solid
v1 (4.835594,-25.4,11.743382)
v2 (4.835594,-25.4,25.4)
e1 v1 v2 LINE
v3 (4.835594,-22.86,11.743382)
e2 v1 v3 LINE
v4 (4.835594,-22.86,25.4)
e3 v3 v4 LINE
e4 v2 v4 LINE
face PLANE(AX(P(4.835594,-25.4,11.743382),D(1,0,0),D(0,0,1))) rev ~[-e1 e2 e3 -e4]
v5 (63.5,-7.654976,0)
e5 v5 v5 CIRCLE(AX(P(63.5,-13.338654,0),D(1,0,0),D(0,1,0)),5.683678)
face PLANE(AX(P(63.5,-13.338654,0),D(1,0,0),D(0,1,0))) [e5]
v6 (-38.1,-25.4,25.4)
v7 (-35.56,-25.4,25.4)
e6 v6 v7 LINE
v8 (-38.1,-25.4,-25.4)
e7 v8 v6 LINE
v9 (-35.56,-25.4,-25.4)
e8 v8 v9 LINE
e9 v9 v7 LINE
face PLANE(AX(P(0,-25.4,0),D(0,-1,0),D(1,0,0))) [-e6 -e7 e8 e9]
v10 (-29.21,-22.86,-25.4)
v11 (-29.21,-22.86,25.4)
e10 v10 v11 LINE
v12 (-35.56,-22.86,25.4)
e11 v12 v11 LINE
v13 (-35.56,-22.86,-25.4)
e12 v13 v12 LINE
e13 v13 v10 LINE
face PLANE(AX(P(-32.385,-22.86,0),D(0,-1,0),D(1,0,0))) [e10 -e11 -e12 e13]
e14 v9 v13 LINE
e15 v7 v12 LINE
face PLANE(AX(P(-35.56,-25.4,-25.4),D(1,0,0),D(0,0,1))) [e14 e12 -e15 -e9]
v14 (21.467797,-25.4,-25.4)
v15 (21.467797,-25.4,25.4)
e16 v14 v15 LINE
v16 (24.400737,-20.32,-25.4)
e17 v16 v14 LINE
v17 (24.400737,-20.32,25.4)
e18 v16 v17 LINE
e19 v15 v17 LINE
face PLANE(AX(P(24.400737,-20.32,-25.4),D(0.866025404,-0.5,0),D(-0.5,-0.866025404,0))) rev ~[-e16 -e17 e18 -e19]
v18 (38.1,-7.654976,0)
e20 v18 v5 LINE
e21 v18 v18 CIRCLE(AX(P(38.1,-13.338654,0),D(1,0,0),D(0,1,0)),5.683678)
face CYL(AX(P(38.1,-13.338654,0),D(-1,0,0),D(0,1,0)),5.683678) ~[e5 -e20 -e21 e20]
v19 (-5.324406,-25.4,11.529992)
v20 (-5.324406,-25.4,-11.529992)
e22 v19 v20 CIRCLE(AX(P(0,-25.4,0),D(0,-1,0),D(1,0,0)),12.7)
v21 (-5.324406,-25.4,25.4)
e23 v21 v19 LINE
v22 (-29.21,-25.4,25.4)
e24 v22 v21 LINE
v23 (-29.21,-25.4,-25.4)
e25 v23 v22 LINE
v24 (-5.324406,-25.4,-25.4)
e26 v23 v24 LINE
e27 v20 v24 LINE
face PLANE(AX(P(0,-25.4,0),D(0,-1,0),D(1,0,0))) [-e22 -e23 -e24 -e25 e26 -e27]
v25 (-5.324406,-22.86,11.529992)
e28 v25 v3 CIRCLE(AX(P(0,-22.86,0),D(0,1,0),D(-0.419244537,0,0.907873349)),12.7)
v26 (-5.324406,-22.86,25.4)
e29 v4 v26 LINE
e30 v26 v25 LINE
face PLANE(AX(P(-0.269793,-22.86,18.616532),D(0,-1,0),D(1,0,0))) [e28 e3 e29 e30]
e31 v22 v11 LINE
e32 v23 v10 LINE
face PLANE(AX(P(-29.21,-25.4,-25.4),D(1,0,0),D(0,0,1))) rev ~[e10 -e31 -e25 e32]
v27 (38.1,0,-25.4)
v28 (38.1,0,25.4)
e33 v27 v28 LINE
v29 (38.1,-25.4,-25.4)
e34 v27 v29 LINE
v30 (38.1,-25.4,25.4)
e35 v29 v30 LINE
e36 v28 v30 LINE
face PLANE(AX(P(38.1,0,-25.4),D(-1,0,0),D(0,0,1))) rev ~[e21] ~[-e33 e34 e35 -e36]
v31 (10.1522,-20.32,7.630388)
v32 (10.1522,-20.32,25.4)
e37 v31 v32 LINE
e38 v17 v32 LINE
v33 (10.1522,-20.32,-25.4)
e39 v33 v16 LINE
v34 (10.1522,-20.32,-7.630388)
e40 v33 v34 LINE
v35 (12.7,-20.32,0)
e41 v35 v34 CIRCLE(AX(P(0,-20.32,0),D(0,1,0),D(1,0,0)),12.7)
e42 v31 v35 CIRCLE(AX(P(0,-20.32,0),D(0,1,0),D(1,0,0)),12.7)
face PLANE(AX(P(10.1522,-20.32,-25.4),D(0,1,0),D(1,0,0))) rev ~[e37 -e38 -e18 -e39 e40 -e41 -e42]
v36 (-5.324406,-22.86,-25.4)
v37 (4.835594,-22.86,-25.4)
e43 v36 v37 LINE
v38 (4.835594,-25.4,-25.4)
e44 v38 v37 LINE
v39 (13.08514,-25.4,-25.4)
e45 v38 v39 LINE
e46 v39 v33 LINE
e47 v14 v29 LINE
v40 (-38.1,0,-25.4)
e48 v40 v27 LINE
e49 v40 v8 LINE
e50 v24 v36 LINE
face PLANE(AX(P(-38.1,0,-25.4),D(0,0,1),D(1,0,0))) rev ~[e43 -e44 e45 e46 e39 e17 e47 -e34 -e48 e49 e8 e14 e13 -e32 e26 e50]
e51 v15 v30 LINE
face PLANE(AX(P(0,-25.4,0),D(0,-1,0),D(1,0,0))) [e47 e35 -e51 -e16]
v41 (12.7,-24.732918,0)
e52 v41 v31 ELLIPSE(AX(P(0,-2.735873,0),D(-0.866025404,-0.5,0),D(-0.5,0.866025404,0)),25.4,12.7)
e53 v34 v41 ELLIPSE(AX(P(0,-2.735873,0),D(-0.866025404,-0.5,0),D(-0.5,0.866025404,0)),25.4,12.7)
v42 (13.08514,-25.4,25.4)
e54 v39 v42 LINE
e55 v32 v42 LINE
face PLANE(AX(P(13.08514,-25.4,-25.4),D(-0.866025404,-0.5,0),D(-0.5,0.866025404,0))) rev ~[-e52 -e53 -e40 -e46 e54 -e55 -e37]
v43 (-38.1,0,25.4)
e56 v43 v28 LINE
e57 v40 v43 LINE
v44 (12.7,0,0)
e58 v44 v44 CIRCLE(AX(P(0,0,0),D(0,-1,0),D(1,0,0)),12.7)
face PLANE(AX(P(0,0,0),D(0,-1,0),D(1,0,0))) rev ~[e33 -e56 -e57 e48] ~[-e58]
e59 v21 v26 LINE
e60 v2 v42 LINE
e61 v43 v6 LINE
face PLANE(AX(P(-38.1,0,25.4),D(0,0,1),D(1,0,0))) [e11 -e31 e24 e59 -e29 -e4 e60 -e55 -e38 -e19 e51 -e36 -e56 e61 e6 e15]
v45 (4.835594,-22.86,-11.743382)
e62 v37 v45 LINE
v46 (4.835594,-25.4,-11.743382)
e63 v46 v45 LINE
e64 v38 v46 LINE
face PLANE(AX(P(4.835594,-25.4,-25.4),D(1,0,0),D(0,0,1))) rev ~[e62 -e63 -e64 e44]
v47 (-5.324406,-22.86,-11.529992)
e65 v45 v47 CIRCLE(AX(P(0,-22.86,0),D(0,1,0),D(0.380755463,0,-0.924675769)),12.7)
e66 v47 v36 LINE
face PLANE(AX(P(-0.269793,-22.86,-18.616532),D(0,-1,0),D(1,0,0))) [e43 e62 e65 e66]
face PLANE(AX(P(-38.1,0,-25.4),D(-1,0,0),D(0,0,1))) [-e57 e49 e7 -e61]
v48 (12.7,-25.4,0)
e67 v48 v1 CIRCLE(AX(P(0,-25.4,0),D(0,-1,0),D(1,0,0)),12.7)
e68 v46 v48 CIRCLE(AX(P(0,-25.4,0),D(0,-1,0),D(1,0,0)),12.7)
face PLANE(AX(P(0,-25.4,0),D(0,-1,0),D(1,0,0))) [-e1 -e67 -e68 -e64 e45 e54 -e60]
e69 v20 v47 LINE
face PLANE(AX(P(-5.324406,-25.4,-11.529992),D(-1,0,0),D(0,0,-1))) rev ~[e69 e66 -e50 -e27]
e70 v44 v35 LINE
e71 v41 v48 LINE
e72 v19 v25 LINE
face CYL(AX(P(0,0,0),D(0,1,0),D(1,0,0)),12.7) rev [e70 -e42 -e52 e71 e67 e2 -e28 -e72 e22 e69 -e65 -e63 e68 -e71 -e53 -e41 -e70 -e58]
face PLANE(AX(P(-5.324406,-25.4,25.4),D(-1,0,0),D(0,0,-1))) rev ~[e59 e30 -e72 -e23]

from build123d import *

# Parameters (mm, degrees)
F0_W     = 76.2
F0_H     = 50.8
F0_R     = 12.7
F1_DEPTH = 25.4
F2_W     = 6.35
F2_H     = 50.8
F3_DEPTH = 2.54
F5_DEPTH = 50.801
F6_R     = 5.6836781625
F7_DEPTH = 25.4


with BuildPart() as f1:
    # F0 (on Front) → F1 (new body)
    with BuildSketch(Plane.XZ):
        Rectangle(F0_W, F0_H)
        Circle(F0_R, mode=Mode.SUBTRACT)
    extrude(amount=F1_DEPTH)

    # F2 (on face) → F3 (cut)
    with BuildSketch(Plane.XZ.offset(25.4)):
        with Locations((-32.385, 0)):
            Rectangle(F2_W, F2_H)
        with BuildLine():
            Line((-5.324405618, -11.5299915358), (-5.324405618, -25.4))
            Line((-5.324405618, -25.4), (4.835594382, -25.4))
            Line((4.835594382, -25.4), (4.835594382, -11.7433822629))
            ThreePointArc((4.835594382, -11.7433822629), (-0.2666795956, -12.6971997698), (-5.324405618, -11.5299915358))
        make_face()
        with BuildLine():
            Line((4.835594382, 25.4), (-5.324405618, 25.4))
            Line((-5.324405618, 25.4), (-5.324405618, 11.5299915358))
            ThreePointArc((-5.324405618, 11.5299915358), (-0.2666795956, 12.6971997698), (4.835594382, 11.7433822629))
            Line((4.835594382, 11.7433822629), (4.835594382, 25.4))
        make_face()
    extrude(amount=-F3_DEPTH, mode=Mode.SUBTRACT)

    # F4 (on face) → F5 (cut, through all)
    with BuildSketch(Plane(origin=(0, 0, -25.4), x_dir=(1, 0, 0), z_dir=(0, 0, -1))):
        Polygon((21.467797191, 25.4), (13.0851396952, 25.4), (10.1522003277, 20.32), (24.4007365585, 20.32), align=None)
    extrude(amount=-F5_DEPTH, mode=Mode.SUBTRACT)

    # F6 (on face) → F7 (join)
    with BuildSketch(Plane.YZ.offset(38.1)):
        with Locations((-13.3386543021, 0)):
            Circle(F6_R)
    extrude(amount=F7_DEPTH)


solid = f1.part
